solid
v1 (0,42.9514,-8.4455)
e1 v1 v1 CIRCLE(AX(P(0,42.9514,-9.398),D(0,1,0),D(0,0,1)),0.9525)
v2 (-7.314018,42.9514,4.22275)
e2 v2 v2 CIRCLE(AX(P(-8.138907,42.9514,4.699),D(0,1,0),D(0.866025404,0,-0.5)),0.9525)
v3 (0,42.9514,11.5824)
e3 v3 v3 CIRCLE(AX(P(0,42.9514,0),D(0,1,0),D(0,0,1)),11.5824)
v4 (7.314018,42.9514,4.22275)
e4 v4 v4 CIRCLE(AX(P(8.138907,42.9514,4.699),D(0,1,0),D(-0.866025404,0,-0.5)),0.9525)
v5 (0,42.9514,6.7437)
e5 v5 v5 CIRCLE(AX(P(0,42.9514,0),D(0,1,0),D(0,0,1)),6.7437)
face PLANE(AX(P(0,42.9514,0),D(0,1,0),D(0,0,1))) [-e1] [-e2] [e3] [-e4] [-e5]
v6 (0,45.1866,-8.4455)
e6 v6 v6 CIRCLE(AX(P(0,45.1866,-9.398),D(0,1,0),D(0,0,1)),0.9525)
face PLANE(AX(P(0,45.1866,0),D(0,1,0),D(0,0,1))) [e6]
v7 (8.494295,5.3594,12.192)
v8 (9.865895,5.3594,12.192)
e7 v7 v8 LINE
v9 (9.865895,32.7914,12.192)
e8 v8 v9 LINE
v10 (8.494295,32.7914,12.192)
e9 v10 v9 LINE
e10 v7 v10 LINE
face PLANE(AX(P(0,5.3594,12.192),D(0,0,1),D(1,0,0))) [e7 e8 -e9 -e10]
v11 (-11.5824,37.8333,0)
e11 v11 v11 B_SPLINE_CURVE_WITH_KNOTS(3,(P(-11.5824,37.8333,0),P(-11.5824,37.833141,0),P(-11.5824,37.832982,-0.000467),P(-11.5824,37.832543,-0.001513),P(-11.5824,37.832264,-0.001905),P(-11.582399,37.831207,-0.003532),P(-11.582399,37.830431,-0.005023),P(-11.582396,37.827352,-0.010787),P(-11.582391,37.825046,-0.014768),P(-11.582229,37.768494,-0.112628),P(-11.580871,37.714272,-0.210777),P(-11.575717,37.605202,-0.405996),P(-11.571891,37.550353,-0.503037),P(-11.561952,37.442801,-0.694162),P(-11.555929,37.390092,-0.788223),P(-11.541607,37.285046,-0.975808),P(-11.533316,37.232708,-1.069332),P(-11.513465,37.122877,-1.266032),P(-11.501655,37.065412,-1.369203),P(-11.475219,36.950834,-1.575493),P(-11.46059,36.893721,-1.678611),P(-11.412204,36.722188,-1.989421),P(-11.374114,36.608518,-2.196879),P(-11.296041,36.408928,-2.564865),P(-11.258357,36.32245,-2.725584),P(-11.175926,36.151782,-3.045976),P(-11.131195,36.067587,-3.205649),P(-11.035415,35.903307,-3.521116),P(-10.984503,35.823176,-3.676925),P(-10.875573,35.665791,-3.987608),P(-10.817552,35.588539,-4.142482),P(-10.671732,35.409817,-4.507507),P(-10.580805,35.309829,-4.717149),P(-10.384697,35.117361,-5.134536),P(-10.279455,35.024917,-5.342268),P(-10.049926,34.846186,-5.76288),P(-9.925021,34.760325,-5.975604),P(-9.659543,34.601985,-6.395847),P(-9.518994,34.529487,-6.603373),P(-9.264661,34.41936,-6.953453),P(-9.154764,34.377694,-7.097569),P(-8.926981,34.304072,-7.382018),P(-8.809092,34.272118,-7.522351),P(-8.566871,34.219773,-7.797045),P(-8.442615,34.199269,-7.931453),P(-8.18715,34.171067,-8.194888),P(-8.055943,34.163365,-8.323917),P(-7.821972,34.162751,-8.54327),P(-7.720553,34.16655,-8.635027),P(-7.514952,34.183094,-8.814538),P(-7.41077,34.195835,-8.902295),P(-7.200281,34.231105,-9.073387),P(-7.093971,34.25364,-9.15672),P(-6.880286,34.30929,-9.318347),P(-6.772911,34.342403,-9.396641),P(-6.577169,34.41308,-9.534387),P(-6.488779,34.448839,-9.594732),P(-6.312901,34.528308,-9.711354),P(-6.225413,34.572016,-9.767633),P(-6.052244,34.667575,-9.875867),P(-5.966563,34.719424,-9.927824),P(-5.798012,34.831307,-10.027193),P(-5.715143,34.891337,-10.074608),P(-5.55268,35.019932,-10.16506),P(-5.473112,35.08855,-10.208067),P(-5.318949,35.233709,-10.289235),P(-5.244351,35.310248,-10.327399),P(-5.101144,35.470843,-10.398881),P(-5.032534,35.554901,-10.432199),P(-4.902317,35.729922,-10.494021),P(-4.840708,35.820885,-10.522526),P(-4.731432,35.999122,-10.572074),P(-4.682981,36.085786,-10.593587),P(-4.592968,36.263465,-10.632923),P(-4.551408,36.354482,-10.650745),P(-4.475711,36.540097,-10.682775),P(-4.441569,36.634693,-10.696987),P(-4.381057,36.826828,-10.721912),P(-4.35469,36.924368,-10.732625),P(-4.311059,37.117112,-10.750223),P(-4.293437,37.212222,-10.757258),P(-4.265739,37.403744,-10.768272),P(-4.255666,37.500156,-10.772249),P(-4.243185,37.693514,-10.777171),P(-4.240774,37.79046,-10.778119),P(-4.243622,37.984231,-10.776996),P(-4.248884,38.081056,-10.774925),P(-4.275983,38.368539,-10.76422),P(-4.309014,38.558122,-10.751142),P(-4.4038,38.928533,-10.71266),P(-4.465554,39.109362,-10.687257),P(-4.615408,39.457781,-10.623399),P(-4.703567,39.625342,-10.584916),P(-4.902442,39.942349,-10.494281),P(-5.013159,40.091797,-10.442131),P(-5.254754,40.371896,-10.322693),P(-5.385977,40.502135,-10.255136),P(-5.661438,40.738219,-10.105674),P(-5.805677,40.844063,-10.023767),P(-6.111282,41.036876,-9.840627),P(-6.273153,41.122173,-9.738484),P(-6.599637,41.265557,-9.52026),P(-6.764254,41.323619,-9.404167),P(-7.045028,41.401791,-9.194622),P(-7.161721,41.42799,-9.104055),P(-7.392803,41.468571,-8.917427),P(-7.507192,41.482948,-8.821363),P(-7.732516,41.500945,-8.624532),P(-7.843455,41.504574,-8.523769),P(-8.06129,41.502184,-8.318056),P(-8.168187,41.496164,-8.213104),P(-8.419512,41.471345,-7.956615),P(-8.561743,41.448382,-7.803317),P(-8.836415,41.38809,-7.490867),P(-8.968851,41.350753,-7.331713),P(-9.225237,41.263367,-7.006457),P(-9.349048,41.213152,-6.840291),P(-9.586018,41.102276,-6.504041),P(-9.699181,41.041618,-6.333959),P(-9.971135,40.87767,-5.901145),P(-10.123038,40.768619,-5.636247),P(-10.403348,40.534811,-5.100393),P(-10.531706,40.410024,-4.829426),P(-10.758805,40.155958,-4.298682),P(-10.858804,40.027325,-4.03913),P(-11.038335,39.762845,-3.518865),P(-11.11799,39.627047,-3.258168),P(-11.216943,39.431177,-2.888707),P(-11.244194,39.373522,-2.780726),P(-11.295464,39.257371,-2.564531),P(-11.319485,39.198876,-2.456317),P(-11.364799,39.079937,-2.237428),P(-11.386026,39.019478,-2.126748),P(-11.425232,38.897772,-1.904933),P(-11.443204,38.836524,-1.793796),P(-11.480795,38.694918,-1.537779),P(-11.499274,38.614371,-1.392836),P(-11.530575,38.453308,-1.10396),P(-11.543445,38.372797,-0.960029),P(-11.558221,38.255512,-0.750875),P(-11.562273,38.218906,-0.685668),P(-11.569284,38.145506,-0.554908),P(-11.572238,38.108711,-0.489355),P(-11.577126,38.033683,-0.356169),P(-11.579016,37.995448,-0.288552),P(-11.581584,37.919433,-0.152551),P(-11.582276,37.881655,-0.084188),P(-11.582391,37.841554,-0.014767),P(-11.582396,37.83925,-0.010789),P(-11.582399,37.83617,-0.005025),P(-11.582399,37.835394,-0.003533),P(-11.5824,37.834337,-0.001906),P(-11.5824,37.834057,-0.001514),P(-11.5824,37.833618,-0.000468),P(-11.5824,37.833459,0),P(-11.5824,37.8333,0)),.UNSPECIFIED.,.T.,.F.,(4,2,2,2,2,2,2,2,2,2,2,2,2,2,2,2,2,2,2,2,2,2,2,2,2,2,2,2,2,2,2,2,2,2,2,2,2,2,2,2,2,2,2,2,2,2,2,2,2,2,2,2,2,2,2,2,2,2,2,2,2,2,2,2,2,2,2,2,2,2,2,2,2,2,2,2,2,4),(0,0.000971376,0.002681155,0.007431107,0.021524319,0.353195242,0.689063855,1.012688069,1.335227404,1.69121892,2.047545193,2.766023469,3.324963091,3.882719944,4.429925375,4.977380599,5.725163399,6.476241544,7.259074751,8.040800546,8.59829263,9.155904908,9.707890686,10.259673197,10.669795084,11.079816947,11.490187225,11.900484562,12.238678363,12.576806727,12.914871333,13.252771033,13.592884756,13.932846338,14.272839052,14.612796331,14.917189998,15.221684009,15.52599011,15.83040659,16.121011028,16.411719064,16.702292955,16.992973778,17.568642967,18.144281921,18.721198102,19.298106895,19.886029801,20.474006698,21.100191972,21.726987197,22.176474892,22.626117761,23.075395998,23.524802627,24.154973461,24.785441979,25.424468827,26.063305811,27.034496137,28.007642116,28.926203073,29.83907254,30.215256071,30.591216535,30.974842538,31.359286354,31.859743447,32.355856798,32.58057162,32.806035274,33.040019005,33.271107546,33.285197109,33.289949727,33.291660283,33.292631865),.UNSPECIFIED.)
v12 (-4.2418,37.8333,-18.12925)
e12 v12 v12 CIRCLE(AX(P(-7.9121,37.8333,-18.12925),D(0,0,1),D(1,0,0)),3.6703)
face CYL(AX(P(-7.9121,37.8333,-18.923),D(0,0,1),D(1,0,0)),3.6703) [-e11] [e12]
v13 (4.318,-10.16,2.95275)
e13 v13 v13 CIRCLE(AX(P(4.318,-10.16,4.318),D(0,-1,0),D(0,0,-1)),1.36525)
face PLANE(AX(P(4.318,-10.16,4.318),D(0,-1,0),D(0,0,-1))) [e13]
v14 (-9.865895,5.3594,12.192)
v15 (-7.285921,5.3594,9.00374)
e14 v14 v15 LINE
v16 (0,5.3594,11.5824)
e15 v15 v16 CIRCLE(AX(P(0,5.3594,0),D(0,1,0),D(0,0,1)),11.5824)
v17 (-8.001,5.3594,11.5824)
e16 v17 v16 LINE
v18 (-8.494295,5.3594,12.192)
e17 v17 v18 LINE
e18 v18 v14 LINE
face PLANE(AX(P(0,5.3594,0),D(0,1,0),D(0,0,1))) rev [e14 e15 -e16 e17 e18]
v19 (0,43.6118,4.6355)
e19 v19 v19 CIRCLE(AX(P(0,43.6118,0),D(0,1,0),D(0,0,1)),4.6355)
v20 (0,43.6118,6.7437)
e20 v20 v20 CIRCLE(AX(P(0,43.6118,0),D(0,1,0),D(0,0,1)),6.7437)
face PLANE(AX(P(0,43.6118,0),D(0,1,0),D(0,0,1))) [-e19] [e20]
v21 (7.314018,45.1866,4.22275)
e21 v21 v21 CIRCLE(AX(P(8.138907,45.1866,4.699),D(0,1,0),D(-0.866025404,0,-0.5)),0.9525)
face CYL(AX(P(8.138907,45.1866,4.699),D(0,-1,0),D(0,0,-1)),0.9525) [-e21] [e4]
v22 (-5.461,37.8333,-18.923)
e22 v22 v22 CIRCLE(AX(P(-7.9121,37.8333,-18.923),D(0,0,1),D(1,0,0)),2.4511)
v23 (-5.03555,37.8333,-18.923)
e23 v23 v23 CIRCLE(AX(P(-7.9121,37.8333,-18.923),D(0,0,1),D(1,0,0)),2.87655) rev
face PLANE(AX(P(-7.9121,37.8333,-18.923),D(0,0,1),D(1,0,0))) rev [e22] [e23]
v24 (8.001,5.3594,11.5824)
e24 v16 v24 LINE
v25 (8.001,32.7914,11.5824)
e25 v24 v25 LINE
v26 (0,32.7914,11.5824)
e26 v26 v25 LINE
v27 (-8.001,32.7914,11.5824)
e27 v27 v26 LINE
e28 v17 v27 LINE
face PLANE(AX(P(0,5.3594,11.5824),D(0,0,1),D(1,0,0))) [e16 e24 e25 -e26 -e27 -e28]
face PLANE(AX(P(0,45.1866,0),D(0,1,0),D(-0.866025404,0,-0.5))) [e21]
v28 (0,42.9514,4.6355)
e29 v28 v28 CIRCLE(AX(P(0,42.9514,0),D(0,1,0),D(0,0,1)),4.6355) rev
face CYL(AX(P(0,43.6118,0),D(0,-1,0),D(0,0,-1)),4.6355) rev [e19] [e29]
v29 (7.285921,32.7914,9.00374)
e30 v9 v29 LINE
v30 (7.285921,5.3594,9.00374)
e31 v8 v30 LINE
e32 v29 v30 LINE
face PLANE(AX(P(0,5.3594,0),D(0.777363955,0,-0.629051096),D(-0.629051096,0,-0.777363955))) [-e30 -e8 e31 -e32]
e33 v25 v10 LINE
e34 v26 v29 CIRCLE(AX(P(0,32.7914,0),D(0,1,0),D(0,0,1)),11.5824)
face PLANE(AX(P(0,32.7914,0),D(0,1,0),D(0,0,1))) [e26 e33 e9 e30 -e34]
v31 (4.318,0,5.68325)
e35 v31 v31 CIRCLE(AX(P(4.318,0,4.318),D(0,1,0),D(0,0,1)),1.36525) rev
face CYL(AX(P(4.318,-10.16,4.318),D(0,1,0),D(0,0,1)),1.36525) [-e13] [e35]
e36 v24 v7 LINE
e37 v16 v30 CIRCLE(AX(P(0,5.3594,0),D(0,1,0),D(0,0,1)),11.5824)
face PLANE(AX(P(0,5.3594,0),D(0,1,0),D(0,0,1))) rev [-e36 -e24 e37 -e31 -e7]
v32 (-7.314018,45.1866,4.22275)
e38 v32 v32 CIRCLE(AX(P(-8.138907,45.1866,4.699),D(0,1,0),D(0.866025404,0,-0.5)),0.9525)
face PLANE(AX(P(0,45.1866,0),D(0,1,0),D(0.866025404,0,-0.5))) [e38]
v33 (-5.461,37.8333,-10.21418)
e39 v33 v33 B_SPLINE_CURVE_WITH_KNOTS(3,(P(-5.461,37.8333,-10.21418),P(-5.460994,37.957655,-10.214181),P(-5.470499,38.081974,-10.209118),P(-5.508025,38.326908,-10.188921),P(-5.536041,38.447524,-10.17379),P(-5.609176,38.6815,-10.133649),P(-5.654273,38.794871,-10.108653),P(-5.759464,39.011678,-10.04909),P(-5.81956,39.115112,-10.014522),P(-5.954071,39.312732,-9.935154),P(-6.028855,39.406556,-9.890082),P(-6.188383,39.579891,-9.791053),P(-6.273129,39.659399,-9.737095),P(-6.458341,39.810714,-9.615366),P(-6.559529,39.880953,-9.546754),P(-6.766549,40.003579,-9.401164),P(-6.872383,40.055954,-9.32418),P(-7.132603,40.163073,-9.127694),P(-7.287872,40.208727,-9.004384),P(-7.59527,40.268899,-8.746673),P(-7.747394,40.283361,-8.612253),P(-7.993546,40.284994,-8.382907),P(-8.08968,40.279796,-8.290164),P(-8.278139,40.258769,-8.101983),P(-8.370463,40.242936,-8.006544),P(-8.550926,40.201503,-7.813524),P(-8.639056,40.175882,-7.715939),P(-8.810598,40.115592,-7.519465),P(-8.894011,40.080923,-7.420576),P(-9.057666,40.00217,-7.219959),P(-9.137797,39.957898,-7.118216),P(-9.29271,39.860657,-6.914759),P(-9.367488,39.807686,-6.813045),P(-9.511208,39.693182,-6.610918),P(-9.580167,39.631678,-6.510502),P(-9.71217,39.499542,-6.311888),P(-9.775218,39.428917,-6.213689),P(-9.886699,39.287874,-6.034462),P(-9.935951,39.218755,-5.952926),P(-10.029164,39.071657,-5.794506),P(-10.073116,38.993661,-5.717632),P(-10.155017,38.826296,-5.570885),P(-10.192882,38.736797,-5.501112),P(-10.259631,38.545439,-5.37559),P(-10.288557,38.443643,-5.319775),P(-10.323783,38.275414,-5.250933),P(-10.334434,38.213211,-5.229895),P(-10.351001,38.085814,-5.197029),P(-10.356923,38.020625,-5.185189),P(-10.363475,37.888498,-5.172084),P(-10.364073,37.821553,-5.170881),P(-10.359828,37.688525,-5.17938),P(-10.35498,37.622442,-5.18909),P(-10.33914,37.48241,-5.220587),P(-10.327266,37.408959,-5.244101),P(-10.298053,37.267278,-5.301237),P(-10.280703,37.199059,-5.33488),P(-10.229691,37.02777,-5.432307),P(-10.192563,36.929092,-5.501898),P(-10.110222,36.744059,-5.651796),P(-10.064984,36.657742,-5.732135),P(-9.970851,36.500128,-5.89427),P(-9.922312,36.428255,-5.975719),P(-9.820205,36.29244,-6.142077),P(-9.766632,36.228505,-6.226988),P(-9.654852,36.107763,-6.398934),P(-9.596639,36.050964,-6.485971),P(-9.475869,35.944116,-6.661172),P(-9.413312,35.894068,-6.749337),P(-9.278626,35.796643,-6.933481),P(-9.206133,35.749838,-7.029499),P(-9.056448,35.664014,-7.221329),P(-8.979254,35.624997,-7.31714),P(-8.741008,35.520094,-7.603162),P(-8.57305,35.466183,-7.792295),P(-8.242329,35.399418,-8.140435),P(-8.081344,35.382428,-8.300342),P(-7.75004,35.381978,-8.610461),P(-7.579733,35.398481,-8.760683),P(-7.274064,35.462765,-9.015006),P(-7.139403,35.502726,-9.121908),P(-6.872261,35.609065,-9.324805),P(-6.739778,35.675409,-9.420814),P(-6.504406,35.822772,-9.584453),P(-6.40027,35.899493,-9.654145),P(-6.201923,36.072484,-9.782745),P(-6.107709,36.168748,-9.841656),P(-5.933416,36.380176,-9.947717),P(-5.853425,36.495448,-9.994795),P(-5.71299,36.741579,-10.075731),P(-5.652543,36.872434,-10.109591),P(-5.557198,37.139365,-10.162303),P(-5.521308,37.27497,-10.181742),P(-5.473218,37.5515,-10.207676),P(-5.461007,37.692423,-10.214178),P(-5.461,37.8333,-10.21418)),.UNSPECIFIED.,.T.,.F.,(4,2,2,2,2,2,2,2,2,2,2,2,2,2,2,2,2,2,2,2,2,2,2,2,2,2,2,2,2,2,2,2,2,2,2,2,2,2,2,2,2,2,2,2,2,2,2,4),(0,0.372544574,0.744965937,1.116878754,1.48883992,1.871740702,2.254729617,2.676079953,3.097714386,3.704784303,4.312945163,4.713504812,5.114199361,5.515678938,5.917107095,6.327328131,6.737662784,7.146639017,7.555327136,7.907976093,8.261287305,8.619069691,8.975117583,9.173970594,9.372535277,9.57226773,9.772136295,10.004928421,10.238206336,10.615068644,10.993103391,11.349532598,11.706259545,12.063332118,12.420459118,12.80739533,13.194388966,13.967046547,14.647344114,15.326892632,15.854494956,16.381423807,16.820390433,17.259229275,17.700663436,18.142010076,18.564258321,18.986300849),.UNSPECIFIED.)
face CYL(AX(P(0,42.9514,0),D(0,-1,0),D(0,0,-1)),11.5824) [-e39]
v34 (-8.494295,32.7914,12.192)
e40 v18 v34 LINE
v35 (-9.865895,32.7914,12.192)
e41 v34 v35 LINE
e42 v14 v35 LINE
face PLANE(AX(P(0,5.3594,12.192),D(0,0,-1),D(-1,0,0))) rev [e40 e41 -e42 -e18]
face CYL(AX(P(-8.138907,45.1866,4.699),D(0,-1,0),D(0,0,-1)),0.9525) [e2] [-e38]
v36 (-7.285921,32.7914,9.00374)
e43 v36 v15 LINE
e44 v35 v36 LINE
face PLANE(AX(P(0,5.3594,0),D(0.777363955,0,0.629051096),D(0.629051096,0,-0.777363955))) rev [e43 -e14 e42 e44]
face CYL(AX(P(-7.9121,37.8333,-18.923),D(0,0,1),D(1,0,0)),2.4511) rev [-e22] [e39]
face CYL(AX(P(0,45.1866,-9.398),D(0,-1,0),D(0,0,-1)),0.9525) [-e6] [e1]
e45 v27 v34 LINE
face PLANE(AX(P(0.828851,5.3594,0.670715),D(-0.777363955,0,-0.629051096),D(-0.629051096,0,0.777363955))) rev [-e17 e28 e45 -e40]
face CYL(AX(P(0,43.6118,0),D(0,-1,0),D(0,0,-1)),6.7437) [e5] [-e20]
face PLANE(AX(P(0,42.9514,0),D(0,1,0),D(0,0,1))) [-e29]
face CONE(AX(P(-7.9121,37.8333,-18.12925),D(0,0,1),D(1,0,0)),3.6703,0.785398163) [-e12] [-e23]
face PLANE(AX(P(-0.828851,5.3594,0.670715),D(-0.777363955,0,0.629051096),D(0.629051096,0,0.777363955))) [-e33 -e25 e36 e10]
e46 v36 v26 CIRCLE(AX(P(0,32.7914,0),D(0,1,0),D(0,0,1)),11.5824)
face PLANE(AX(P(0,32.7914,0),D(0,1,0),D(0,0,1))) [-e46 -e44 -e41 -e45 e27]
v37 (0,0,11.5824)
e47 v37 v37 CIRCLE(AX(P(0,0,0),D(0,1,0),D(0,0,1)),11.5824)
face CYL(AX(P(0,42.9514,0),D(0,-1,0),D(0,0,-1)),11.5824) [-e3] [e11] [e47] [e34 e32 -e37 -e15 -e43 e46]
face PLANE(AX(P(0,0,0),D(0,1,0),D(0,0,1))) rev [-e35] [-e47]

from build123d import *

# Parameters (mm, degrees)
SKETCH1_R           = 11.5824
BOSS_EXTRUDE1_DEPTH = 42.9514
SKETCH2_R           = 6.7437
SKETCH2_R_2         = 4.6355
BOSS_EXTRUDE2_DEPTH = 0.6604
SKETCH3_R           = 0.9525
BOSS_EXTRUDE3_DEPTH = 2.2352
CIRPATTERN1_COUNT   = 3
SKETCH4_R           = 3.6703
SKETCH4_R_2         = 2.4511
BOSS_EXTRUDE4_DEPTH = 18.923
CHAMFER1_SIZE       = 0.79375
SKETCH5_R           = 1.36525
BOSS_EXTRUDE5_DEPTH = 10.16
BOSS_EXTRUDE6_DEPTH = 27.432


with BuildPart() as part:
    # Sketch1 → Boss-Extrude1 (new body)
    with BuildSketch(Plane(origin=(0, 0, 0), x_dir=(1, 0, 0), z_dir=(0, 1, 0))):
        with Locations(Location((0, 0, 0), (0, 0, 270))):
            Circle(SKETCH1_R)
    extrude(amount=BOSS_EXTRUDE1_DEPTH)

    # Sketch2 → Boss-Extrude2 (add)
    with BuildSketch(Plane(origin=(0, 42.9514, 0), x_dir=(1, 0, 0), z_dir=(0, 1, 0))):
        with Locations(Location((0, 0, 0), (0, 0, 270))):
            Circle(SKETCH2_R)
        with Locations(Location((0, 0, 0), (0, 0, 270))):
            Circle(SKETCH2_R_2, mode=Mode.SUBTRACT)
    extrude(amount=BOSS_EXTRUDE2_DEPTH)

    # Sketch3 → Boss-Extrude3 (add)
    with BuildSketch(Plane(origin=(0, 42.9514, 0), x_dir=(1, 0, 0), z_dir=(0, 1, 0))):
        with Locations(Location((0, 9.398, 0), (0, 0, 270))):
            Circle(SKETCH3_R)
    boss_extrude3 = extrude(amount=BOSS_EXTRUDE3_DEPTH)

    # CirPattern1: Boss-Extrude3 ×3 about axis
    cirpattern1_axis = Axis((0, 0, 0), (0, 1, 0))
    for i in range(1, CIRPATTERN1_COUNT):
        add(boss_extrude3.rotate(cirpattern1_axis, i * 360 / CIRPATTERN1_COUNT))

    # Sketch4 → Boss-Extrude4 (add)
    with BuildSketch(Plane.XY):
        with Locations((-7.9121, 37.8333)):
            Circle(SKETCH4_R)
        with Locations((-7.9121, 37.8333)):
            Circle(SKETCH4_R_2, mode=Mode.SUBTRACT)
    extrude(amount=-BOSS_EXTRUDE4_DEPTH)

    # Chamfer1
    chamfer1_edges = [part.edges().sort_by_distance(p)[0] for p in [
        (-11.5824, 37.8333, -18.923),
    ]]
    chamfer(chamfer1_edges, length=CHAMFER1_SIZE)

    # Sketch5 → Boss-Extrude5 (add)
    with BuildSketch(Plane.XZ):
        with Locations(Location((4.318, 4.318, 0), (0, 0, 90))):
            Circle(SKETCH5_R)
    extrude(amount=BOSS_EXTRUDE5_DEPTH)

    # Sketch7 → Boss-Extrude6 (add)
    with BuildSketch(Plane(origin=(0, 32.7914, 0), x_dir=(1, 0, 0), z_dir=(0, 1, 0))):
        Polygon((0, 0), (0, -11.5824), (8.001, -11.5824), (8.494294737, -12.192), (9.865894737, -12.192), align=None)
        Polygon((-8.494294737, -12.192), (-8.001, -11.5824), (0, -11.5824), (0, 0), (-9.865894737, -12.192), align=None)
    extrude(amount=-BOSS_EXTRUDE6_DEPTH)


solid = part.part
